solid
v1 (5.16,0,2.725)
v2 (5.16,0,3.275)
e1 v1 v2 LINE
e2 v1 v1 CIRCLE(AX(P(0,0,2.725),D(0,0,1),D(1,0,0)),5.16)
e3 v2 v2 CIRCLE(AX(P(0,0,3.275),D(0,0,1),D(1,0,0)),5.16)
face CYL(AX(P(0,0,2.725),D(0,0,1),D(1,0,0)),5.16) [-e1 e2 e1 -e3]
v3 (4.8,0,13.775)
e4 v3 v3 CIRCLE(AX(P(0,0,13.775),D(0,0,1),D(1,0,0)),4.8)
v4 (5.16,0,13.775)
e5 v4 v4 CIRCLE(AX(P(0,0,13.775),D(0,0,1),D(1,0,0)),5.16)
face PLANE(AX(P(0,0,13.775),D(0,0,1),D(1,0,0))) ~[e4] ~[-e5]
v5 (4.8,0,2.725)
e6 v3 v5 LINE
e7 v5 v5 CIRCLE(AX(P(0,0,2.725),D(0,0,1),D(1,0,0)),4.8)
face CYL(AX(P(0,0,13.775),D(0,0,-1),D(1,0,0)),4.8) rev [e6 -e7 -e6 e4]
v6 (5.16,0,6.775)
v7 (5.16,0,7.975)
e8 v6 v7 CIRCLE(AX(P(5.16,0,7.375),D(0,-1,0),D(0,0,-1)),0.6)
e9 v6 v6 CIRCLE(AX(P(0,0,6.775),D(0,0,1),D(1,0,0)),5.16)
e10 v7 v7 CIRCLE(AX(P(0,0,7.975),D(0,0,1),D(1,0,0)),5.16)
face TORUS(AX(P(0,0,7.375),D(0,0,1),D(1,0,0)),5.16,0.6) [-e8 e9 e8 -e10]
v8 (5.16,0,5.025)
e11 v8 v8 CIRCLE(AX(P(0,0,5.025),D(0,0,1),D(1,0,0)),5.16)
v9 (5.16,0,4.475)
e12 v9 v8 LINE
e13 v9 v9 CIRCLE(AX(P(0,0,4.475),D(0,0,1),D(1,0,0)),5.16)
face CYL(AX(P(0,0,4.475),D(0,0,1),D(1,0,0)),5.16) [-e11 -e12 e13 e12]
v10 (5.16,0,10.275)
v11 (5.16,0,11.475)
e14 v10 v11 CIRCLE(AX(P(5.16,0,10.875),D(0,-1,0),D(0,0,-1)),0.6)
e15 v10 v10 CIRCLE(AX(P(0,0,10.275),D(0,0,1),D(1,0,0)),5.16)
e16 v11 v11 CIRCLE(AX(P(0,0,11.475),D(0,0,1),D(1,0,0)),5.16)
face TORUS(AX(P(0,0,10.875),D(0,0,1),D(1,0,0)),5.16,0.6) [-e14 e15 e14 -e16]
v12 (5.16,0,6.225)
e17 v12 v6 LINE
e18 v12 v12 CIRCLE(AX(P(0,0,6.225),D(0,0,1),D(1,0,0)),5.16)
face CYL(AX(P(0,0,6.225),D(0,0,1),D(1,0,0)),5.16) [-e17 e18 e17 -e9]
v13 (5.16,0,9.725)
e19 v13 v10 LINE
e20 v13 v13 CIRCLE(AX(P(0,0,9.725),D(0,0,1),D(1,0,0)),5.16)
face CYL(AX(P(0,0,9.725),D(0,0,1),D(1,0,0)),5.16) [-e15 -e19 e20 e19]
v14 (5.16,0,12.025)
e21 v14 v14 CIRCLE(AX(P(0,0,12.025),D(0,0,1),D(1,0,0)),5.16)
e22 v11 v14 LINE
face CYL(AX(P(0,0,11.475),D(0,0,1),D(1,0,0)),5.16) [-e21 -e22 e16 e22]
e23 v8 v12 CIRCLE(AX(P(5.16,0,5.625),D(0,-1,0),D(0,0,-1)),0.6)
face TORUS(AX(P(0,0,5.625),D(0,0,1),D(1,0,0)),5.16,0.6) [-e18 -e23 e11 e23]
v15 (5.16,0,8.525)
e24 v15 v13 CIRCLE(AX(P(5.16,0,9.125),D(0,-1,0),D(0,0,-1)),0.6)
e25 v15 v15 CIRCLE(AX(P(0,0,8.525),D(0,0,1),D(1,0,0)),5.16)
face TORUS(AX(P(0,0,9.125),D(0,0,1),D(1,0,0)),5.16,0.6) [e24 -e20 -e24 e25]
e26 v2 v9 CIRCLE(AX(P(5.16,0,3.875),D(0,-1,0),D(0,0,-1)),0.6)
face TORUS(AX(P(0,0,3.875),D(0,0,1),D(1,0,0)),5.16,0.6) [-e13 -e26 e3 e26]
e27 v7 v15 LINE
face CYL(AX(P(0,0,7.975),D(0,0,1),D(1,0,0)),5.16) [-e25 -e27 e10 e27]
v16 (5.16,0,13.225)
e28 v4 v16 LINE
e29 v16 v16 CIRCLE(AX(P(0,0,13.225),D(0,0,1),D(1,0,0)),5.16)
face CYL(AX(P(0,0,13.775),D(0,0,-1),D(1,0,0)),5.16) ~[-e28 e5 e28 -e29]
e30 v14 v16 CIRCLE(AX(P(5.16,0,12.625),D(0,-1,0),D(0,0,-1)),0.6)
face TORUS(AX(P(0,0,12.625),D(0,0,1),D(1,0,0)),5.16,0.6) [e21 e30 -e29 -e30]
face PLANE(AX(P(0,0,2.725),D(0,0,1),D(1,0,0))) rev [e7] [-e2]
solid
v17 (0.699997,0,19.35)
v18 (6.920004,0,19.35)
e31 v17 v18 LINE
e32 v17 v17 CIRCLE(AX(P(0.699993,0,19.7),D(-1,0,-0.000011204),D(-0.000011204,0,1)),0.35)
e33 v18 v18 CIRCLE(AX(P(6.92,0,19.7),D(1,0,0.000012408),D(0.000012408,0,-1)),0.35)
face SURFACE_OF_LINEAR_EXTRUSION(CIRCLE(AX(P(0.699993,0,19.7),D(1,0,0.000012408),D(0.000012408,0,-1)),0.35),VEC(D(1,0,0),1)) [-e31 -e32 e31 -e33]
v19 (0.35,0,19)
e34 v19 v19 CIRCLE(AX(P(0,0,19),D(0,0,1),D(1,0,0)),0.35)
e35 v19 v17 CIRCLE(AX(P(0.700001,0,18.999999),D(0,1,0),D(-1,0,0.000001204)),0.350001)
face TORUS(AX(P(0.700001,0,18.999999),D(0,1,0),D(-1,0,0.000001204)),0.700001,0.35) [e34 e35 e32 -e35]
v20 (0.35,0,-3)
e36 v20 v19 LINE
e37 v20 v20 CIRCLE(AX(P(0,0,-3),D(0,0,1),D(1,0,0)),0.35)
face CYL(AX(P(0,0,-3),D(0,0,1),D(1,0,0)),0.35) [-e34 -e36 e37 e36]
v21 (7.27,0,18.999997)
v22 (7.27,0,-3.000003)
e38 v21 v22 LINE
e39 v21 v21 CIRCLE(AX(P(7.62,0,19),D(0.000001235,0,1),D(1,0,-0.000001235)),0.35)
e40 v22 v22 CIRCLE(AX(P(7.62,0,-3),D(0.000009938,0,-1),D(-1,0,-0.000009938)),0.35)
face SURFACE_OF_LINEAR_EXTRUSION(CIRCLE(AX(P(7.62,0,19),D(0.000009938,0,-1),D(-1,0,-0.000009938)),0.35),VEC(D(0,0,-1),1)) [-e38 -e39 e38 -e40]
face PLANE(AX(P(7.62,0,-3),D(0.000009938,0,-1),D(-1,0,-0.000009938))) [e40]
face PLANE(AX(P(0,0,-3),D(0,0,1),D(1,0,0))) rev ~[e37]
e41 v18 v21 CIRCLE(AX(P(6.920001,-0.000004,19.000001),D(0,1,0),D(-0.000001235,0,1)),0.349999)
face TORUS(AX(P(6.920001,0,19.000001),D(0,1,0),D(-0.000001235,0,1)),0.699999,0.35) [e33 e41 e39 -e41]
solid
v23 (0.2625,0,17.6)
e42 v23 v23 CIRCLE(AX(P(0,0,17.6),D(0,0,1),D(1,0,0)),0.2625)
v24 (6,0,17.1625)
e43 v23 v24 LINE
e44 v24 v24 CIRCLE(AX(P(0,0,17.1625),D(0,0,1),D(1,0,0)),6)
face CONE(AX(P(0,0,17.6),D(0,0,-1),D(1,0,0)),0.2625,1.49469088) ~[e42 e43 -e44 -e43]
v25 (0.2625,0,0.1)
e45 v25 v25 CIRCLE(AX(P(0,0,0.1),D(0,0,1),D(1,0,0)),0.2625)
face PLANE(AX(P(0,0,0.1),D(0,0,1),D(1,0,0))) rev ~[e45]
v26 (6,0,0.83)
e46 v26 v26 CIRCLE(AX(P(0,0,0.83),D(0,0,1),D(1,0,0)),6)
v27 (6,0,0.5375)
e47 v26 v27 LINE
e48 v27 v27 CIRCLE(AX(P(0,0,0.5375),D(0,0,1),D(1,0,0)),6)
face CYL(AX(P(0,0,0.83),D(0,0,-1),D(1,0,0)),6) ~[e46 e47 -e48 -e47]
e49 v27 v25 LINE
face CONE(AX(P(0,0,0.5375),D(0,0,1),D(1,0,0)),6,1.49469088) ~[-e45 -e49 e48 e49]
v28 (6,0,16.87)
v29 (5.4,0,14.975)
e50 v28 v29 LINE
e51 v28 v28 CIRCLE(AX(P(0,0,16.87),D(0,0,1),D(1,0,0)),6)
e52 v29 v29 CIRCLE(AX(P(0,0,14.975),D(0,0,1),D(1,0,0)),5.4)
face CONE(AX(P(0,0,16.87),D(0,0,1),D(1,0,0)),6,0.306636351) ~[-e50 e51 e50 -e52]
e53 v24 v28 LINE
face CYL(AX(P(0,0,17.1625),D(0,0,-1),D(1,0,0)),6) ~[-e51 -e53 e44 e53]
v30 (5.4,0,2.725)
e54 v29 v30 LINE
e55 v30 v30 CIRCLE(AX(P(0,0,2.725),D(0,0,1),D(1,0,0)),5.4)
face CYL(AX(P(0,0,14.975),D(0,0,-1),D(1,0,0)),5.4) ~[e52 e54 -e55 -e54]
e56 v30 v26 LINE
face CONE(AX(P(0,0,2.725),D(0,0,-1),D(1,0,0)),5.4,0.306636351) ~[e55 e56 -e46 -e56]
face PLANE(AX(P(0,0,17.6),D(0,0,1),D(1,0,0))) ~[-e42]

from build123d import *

# Parameters (mm, degrees)
SKETCH_R = 0.35


with BuildPart() as sweep_body:
    # Sweep: sweep along a path in Sketch001
    with BuildLine(Plane.XZ) as sweep_path:
        Line((0, -3), (0, 19))
        ThreePointArc((0, 19), (0.205023, 19.494972), (0.699993, 19.7))
        Line((0.699993, 19.7), (6.92, 19.7))
        ThreePointArc((6.92, 19.7), (7.414975, 19.494975), (7.62, 19))
        Line((7.62, 19), (7.62, -3))
    # Sketch → Sweep (sweep)
    with BuildSketch(Plane.XY.offset(-2)):
        Circle(SKETCH_R)
    sweep(path=sweep_path.line)


with BuildPart() as revolution:
    # Sketch002 → Revolution (revolve)
    with BuildSketch(Plane.XZ):
        Polygon((0, 0.1), (0, 17.6), (0.2625, 17.6), (6, 17.1625), (6, 16.87), (5.4, 14.975), (5.4, 2.725), (6, 0.83), (6, 0.5375), (0.2625, 0.1), align=None)
    revolve(axis=Axis((0, 0, 0), (0, 0, 1)))


with BuildPart() as revolution001:
    # Sketch003 → Revolution001 (revolve)
    with BuildSketch(Plane.XZ):
        with BuildLine():
            Line((4.8, 13.775), (4.8, 2.725))
            Line((4.8, 2.725), (5.16, 2.725))
            Line((5.16, 2.725), (5.16, 3.275))
            ThreePointArc((5.16, 3.275), (5.76, 3.875), (5.16, 4.475))
            Line((5.16, 4.475), (5.16, 5.025))
            ThreePointArc((5.16, 5.025), (5.76, 5.625), (5.16, 6.225))
            Line((5.16, 6.225), (5.16, 6.775))
            ThreePointArc((5.16, 6.775), (5.76, 7.375), (5.16, 7.975))
            Line((5.16, 7.975), (5.16, 8.525))
            ThreePointArc((5.16, 8.525), (5.76, 9.125), (5.16, 9.725))
            Line((5.16, 9.725), (5.16, 10.275))
            ThreePointArc((5.16, 10.275), (5.76, 10.875), (5.16, 11.475))
            Line((5.16, 11.475), (5.16, 12.025))
            ThreePointArc((5.16, 12.025), (5.76, 12.625), (5.16, 13.225))
            Line((5.16, 13.775), (5.16, 13.225))
            Line((4.8, 13.775), (5.16, 13.775))
        make_face()
    revolve(axis=Axis((0, 0, 0), (0, 0, 1)))


solid = Compound([sweep_body.part, revolution.part, revolution001.part])
